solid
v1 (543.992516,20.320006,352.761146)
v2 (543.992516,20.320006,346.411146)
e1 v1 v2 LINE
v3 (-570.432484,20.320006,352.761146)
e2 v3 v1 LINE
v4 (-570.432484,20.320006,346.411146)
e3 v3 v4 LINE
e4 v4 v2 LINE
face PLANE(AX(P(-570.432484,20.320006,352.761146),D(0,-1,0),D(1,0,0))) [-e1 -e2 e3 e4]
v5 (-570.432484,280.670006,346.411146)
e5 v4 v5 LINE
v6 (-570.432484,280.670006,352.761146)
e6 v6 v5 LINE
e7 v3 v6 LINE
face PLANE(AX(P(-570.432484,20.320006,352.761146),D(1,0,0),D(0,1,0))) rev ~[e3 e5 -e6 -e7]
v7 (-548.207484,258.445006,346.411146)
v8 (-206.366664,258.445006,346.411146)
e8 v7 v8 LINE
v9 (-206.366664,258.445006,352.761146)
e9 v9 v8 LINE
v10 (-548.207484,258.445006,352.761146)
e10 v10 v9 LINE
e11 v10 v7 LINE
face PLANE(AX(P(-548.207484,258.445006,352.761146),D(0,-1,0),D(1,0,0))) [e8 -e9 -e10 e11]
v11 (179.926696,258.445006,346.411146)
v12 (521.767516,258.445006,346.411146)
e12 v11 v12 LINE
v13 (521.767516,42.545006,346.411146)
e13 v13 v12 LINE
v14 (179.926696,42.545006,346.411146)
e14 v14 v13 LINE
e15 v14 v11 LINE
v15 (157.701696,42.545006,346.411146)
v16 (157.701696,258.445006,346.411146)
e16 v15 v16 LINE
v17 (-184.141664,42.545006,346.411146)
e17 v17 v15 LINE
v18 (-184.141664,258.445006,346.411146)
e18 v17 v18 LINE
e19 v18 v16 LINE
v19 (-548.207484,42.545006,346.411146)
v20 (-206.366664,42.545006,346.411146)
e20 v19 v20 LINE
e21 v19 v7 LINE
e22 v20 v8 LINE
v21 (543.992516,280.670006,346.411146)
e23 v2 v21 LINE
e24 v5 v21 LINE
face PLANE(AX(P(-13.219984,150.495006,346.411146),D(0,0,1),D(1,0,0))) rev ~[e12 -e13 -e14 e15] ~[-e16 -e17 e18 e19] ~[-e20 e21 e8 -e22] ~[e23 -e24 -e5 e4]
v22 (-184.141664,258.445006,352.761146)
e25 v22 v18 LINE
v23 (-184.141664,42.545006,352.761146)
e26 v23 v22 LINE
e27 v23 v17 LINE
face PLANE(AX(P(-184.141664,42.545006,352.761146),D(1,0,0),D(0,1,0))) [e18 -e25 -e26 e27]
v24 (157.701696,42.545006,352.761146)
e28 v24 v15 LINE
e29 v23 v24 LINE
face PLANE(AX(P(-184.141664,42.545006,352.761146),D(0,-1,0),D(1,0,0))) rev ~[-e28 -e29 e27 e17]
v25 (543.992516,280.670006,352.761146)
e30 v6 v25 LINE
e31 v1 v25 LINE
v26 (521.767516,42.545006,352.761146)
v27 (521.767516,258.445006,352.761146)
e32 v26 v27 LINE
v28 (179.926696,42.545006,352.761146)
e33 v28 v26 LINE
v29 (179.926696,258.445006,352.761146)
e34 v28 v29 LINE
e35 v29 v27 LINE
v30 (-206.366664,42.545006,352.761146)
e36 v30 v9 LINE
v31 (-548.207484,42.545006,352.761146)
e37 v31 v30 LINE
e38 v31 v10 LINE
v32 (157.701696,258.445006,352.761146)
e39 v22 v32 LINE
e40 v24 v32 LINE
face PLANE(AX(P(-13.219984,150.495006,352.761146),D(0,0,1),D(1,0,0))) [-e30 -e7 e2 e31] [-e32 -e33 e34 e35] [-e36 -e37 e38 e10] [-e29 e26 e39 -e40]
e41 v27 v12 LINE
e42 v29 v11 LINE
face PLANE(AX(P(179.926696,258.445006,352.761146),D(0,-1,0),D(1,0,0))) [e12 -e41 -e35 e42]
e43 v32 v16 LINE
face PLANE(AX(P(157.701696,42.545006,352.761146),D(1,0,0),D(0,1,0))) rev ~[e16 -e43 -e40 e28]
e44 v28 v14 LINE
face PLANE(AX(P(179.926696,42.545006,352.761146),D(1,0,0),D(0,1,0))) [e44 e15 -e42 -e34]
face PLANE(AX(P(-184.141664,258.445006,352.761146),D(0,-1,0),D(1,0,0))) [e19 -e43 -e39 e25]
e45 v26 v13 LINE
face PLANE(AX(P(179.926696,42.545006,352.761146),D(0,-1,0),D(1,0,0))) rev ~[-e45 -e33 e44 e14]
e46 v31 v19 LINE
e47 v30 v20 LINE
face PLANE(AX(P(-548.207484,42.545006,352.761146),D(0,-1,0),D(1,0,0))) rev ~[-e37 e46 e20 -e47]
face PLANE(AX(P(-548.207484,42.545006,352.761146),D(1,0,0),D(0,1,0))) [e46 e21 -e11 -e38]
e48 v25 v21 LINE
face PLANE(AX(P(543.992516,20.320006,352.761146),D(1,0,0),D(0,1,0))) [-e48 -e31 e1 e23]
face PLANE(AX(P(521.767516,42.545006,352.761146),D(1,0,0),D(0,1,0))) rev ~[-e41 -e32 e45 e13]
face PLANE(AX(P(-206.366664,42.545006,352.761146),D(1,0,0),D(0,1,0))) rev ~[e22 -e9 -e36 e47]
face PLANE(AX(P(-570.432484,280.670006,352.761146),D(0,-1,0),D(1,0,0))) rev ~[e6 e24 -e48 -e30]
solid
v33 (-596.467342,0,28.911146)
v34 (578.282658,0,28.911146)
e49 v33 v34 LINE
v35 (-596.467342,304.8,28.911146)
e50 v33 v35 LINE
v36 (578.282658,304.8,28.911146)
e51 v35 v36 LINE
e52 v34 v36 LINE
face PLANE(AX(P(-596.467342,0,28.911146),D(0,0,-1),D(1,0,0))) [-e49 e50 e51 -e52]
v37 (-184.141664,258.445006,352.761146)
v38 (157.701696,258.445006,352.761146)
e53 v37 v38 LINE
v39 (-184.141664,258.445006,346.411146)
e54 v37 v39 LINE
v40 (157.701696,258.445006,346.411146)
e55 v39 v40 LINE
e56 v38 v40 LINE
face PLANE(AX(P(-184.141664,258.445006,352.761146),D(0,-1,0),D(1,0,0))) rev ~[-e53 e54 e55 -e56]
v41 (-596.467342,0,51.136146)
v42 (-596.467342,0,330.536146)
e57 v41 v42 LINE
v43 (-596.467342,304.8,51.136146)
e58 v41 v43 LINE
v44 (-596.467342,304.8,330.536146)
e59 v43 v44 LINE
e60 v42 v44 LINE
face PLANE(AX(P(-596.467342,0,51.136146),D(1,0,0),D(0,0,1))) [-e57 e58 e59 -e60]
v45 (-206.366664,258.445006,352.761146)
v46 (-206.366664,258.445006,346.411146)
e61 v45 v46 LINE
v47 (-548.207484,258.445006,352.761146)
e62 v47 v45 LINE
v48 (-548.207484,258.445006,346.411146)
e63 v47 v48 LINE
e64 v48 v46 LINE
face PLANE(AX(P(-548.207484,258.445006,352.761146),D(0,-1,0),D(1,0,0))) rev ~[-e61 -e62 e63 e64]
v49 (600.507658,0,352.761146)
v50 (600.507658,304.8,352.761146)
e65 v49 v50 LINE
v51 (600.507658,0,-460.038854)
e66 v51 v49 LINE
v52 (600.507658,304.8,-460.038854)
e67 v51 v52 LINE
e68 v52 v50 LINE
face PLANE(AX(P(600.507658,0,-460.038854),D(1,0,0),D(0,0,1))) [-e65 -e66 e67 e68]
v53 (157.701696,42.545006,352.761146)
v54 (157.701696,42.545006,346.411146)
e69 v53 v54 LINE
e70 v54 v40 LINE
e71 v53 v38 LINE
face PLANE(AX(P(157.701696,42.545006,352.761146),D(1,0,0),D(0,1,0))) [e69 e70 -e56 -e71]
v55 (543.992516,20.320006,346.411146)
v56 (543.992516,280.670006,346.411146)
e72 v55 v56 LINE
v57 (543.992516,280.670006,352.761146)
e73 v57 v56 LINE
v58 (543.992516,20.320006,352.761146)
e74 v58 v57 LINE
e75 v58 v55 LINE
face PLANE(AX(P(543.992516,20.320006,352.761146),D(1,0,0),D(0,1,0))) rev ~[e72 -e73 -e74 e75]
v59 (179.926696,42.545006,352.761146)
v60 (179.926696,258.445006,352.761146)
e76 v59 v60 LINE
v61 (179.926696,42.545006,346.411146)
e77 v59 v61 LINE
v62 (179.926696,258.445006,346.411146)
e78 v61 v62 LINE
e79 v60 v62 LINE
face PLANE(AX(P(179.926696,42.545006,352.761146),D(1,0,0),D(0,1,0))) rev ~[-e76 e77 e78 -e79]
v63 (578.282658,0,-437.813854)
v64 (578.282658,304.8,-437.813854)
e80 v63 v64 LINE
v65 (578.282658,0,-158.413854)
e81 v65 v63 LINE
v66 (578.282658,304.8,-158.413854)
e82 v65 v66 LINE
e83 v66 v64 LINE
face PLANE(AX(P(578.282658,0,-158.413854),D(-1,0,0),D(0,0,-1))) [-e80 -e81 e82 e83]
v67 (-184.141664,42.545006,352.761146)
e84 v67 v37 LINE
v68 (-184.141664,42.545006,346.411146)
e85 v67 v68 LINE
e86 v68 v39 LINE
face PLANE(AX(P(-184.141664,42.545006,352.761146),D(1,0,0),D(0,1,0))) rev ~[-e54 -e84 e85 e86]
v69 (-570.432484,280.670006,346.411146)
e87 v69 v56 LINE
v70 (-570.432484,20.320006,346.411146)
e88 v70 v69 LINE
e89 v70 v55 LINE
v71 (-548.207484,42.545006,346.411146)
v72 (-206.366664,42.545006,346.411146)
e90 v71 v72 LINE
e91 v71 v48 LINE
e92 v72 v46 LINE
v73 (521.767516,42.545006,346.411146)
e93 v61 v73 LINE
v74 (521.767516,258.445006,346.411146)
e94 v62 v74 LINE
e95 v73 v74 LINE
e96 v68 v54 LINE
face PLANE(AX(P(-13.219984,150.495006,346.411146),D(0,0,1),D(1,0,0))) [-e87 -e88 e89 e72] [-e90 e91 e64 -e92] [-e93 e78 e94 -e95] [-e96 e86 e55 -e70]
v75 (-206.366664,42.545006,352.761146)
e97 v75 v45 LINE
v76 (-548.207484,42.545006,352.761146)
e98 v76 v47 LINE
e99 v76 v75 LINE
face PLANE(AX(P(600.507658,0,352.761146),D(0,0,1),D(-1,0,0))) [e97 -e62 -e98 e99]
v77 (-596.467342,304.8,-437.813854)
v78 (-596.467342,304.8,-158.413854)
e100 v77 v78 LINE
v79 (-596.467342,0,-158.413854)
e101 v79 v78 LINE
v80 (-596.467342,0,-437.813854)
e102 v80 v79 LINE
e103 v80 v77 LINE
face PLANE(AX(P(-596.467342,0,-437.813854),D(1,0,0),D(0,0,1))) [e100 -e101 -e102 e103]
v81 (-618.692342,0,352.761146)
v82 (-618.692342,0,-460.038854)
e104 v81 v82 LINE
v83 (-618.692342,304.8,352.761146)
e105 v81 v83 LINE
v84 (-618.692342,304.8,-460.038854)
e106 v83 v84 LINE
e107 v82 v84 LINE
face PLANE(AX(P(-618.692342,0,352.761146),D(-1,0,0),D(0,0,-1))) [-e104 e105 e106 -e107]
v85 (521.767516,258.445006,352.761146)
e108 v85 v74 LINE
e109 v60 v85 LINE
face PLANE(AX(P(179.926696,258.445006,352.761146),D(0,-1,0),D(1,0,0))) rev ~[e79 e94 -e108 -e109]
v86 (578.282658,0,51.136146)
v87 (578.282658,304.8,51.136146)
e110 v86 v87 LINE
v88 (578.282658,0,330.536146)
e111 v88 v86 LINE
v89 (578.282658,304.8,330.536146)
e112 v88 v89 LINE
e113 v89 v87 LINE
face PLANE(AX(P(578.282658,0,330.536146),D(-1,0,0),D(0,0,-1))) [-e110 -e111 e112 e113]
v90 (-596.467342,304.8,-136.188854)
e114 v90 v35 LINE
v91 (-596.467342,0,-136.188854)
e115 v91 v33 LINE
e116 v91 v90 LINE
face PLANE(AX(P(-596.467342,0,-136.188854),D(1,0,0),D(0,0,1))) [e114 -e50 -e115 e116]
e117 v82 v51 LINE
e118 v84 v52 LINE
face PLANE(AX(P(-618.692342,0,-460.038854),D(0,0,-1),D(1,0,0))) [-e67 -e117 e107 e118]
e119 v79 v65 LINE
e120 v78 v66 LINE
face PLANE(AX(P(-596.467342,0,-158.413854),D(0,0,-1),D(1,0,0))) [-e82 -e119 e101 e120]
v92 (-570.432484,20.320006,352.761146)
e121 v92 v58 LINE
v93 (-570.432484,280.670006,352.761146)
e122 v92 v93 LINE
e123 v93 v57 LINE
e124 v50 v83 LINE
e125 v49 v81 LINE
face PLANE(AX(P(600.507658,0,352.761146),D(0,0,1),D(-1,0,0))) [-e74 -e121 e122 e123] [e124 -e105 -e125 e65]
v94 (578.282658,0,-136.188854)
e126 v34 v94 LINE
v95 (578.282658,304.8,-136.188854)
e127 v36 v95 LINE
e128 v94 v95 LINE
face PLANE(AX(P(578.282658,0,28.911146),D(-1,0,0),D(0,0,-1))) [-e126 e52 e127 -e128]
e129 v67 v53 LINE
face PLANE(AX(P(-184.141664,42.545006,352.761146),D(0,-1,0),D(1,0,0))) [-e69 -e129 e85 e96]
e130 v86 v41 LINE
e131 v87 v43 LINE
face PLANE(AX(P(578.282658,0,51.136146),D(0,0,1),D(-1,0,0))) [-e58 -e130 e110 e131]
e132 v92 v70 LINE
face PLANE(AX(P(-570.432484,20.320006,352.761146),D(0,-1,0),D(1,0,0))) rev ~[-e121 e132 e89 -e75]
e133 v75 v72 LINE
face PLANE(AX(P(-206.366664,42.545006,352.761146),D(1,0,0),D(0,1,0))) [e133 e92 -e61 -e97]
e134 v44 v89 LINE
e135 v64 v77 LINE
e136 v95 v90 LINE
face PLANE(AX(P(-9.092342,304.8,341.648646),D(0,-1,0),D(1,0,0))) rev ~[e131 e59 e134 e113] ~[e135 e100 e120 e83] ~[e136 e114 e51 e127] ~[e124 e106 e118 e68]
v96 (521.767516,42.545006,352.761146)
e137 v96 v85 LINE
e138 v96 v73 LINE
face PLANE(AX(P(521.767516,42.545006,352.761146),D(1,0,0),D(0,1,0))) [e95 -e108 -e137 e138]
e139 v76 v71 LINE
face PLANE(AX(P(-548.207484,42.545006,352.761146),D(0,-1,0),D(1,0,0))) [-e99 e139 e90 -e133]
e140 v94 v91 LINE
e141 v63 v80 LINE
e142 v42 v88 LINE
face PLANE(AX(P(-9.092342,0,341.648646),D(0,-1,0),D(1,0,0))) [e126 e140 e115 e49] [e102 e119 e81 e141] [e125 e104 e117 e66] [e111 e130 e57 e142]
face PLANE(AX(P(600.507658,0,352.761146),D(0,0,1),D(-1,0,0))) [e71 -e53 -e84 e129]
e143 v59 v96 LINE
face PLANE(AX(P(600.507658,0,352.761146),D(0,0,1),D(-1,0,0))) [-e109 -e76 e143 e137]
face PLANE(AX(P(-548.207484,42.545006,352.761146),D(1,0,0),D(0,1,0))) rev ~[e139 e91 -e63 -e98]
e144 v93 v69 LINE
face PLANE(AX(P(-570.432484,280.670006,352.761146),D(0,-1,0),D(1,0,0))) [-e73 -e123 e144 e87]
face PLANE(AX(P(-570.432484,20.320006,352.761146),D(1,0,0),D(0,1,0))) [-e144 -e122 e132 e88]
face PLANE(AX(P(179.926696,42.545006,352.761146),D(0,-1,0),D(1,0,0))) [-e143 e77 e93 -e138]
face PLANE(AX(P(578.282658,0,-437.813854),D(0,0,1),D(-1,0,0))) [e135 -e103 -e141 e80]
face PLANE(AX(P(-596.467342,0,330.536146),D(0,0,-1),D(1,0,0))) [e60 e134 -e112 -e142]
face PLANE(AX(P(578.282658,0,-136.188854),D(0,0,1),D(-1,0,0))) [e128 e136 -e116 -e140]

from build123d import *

# Parameters (mm, degrees)
F1_DEPTH = 304.8
F2_W     = 1114.425
F2_H     = 260.35
F2_W_2   = 341.84082
F2_H_2   = 215.9
F2_W_3   = 341.84336
F3_DEPTH = 6.35
F4_DEPTH = 6.35


with BuildPart() as f1:
    # F0 (on Front) → F1 (new body)
    with BuildSketch(Plane.XZ):
        Polygon((578.282658, 330.536146), (600.507658, 330.536146), (600.507658, 352.761146), (578.282658, 352.761146), (-558.367342, 352.761146), (-596.467342, 352.761146), (-618.692342, 352.761146), (-618.692342, 330.536146), (-596.467342, 330.536146), (-558.367342, 330.536146), align=None)
        Polygon((-618.692342, -437.813854), (-596.467342, -437.813854), (-596.467342, -158.413854), (-596.467342, -136.188854), (-596.467342, 28.911146), (-596.467342, 51.136146), (-596.467342, 330.536146), (-618.692342, 330.536146), align=None)
        Polygon((578.282658, -437.813854), (600.507658, -437.813854), (600.507658, 330.536146), (578.282658, 330.536146), (578.282658, 51.136146), (578.282658, 28.911146), (578.282658, -136.188854), (578.282658, -158.413854), align=None)
        Polygon((578.282658, 28.911146), (578.282658, 51.136146), (540.182658, 51.136146), (-596.467342, 51.136146), (-596.467342, 28.911146), (540.182658, 28.911146), align=None)
        Polygon((-558.367342, -158.413854), (578.282658, -158.413854), (578.282658, -136.188854), (-558.367342, -136.188854), (-596.467342, -136.188854), (-596.467342, -158.413854), align=None)
        Polygon((600.507658, -460.038854), (600.507658, -437.813854), (578.282658, -437.813854), (-596.467342, -437.813854), (-618.692342, -437.813854), (-618.692342, -460.038854), align=None)
    extrude(amount=-F1_DEPTH)

    # F2 (on face) → F3 (cut)
    with BuildSketch(Plane.XY.offset(352.761146)):
        with Locations((-13.219984, 150.495006)):
            Rectangle(F2_W, F2_H)
        with Locations((-377.287074, 150.495006)):
            Rectangle(F2_W_2, F2_H_2, mode=Mode.SUBTRACT)
        with Locations((-13.219984, 150.495006)):
            Rectangle(F2_W_3, F2_H_2, mode=Mode.SUBTRACT)
        with Locations((350.847106, 150.495006)):
            Rectangle(F2_W_2, F2_H_2, mode=Mode.SUBTRACT)
    extrude(amount=-F3_DEPTH, mode=Mode.SUBTRACT)


with BuildPart() as f4:
    # F2 (on face) → F4 (new body)
    with BuildSketch(Plane.XY.offset(352.761146)):
        with Locations((-13.219984, 150.495006)):
            Rectangle(F2_W, F2_H)
        with Locations((-377.287074, 150.495006)):
            Rectangle(F2_W_2, F2_H_2, mode=Mode.SUBTRACT)
        with Locations((-13.219984, 150.495006)):
            Rectangle(F2_W_3, F2_H_2, mode=Mode.SUBTRACT)
        with Locations((350.847106, 150.495006)):
            Rectangle(F2_W_2, F2_H_2, mode=Mode.SUBTRACT)
    extrude(amount=-F4_DEPTH)


solid = Compound([f1.part, f4.part])
